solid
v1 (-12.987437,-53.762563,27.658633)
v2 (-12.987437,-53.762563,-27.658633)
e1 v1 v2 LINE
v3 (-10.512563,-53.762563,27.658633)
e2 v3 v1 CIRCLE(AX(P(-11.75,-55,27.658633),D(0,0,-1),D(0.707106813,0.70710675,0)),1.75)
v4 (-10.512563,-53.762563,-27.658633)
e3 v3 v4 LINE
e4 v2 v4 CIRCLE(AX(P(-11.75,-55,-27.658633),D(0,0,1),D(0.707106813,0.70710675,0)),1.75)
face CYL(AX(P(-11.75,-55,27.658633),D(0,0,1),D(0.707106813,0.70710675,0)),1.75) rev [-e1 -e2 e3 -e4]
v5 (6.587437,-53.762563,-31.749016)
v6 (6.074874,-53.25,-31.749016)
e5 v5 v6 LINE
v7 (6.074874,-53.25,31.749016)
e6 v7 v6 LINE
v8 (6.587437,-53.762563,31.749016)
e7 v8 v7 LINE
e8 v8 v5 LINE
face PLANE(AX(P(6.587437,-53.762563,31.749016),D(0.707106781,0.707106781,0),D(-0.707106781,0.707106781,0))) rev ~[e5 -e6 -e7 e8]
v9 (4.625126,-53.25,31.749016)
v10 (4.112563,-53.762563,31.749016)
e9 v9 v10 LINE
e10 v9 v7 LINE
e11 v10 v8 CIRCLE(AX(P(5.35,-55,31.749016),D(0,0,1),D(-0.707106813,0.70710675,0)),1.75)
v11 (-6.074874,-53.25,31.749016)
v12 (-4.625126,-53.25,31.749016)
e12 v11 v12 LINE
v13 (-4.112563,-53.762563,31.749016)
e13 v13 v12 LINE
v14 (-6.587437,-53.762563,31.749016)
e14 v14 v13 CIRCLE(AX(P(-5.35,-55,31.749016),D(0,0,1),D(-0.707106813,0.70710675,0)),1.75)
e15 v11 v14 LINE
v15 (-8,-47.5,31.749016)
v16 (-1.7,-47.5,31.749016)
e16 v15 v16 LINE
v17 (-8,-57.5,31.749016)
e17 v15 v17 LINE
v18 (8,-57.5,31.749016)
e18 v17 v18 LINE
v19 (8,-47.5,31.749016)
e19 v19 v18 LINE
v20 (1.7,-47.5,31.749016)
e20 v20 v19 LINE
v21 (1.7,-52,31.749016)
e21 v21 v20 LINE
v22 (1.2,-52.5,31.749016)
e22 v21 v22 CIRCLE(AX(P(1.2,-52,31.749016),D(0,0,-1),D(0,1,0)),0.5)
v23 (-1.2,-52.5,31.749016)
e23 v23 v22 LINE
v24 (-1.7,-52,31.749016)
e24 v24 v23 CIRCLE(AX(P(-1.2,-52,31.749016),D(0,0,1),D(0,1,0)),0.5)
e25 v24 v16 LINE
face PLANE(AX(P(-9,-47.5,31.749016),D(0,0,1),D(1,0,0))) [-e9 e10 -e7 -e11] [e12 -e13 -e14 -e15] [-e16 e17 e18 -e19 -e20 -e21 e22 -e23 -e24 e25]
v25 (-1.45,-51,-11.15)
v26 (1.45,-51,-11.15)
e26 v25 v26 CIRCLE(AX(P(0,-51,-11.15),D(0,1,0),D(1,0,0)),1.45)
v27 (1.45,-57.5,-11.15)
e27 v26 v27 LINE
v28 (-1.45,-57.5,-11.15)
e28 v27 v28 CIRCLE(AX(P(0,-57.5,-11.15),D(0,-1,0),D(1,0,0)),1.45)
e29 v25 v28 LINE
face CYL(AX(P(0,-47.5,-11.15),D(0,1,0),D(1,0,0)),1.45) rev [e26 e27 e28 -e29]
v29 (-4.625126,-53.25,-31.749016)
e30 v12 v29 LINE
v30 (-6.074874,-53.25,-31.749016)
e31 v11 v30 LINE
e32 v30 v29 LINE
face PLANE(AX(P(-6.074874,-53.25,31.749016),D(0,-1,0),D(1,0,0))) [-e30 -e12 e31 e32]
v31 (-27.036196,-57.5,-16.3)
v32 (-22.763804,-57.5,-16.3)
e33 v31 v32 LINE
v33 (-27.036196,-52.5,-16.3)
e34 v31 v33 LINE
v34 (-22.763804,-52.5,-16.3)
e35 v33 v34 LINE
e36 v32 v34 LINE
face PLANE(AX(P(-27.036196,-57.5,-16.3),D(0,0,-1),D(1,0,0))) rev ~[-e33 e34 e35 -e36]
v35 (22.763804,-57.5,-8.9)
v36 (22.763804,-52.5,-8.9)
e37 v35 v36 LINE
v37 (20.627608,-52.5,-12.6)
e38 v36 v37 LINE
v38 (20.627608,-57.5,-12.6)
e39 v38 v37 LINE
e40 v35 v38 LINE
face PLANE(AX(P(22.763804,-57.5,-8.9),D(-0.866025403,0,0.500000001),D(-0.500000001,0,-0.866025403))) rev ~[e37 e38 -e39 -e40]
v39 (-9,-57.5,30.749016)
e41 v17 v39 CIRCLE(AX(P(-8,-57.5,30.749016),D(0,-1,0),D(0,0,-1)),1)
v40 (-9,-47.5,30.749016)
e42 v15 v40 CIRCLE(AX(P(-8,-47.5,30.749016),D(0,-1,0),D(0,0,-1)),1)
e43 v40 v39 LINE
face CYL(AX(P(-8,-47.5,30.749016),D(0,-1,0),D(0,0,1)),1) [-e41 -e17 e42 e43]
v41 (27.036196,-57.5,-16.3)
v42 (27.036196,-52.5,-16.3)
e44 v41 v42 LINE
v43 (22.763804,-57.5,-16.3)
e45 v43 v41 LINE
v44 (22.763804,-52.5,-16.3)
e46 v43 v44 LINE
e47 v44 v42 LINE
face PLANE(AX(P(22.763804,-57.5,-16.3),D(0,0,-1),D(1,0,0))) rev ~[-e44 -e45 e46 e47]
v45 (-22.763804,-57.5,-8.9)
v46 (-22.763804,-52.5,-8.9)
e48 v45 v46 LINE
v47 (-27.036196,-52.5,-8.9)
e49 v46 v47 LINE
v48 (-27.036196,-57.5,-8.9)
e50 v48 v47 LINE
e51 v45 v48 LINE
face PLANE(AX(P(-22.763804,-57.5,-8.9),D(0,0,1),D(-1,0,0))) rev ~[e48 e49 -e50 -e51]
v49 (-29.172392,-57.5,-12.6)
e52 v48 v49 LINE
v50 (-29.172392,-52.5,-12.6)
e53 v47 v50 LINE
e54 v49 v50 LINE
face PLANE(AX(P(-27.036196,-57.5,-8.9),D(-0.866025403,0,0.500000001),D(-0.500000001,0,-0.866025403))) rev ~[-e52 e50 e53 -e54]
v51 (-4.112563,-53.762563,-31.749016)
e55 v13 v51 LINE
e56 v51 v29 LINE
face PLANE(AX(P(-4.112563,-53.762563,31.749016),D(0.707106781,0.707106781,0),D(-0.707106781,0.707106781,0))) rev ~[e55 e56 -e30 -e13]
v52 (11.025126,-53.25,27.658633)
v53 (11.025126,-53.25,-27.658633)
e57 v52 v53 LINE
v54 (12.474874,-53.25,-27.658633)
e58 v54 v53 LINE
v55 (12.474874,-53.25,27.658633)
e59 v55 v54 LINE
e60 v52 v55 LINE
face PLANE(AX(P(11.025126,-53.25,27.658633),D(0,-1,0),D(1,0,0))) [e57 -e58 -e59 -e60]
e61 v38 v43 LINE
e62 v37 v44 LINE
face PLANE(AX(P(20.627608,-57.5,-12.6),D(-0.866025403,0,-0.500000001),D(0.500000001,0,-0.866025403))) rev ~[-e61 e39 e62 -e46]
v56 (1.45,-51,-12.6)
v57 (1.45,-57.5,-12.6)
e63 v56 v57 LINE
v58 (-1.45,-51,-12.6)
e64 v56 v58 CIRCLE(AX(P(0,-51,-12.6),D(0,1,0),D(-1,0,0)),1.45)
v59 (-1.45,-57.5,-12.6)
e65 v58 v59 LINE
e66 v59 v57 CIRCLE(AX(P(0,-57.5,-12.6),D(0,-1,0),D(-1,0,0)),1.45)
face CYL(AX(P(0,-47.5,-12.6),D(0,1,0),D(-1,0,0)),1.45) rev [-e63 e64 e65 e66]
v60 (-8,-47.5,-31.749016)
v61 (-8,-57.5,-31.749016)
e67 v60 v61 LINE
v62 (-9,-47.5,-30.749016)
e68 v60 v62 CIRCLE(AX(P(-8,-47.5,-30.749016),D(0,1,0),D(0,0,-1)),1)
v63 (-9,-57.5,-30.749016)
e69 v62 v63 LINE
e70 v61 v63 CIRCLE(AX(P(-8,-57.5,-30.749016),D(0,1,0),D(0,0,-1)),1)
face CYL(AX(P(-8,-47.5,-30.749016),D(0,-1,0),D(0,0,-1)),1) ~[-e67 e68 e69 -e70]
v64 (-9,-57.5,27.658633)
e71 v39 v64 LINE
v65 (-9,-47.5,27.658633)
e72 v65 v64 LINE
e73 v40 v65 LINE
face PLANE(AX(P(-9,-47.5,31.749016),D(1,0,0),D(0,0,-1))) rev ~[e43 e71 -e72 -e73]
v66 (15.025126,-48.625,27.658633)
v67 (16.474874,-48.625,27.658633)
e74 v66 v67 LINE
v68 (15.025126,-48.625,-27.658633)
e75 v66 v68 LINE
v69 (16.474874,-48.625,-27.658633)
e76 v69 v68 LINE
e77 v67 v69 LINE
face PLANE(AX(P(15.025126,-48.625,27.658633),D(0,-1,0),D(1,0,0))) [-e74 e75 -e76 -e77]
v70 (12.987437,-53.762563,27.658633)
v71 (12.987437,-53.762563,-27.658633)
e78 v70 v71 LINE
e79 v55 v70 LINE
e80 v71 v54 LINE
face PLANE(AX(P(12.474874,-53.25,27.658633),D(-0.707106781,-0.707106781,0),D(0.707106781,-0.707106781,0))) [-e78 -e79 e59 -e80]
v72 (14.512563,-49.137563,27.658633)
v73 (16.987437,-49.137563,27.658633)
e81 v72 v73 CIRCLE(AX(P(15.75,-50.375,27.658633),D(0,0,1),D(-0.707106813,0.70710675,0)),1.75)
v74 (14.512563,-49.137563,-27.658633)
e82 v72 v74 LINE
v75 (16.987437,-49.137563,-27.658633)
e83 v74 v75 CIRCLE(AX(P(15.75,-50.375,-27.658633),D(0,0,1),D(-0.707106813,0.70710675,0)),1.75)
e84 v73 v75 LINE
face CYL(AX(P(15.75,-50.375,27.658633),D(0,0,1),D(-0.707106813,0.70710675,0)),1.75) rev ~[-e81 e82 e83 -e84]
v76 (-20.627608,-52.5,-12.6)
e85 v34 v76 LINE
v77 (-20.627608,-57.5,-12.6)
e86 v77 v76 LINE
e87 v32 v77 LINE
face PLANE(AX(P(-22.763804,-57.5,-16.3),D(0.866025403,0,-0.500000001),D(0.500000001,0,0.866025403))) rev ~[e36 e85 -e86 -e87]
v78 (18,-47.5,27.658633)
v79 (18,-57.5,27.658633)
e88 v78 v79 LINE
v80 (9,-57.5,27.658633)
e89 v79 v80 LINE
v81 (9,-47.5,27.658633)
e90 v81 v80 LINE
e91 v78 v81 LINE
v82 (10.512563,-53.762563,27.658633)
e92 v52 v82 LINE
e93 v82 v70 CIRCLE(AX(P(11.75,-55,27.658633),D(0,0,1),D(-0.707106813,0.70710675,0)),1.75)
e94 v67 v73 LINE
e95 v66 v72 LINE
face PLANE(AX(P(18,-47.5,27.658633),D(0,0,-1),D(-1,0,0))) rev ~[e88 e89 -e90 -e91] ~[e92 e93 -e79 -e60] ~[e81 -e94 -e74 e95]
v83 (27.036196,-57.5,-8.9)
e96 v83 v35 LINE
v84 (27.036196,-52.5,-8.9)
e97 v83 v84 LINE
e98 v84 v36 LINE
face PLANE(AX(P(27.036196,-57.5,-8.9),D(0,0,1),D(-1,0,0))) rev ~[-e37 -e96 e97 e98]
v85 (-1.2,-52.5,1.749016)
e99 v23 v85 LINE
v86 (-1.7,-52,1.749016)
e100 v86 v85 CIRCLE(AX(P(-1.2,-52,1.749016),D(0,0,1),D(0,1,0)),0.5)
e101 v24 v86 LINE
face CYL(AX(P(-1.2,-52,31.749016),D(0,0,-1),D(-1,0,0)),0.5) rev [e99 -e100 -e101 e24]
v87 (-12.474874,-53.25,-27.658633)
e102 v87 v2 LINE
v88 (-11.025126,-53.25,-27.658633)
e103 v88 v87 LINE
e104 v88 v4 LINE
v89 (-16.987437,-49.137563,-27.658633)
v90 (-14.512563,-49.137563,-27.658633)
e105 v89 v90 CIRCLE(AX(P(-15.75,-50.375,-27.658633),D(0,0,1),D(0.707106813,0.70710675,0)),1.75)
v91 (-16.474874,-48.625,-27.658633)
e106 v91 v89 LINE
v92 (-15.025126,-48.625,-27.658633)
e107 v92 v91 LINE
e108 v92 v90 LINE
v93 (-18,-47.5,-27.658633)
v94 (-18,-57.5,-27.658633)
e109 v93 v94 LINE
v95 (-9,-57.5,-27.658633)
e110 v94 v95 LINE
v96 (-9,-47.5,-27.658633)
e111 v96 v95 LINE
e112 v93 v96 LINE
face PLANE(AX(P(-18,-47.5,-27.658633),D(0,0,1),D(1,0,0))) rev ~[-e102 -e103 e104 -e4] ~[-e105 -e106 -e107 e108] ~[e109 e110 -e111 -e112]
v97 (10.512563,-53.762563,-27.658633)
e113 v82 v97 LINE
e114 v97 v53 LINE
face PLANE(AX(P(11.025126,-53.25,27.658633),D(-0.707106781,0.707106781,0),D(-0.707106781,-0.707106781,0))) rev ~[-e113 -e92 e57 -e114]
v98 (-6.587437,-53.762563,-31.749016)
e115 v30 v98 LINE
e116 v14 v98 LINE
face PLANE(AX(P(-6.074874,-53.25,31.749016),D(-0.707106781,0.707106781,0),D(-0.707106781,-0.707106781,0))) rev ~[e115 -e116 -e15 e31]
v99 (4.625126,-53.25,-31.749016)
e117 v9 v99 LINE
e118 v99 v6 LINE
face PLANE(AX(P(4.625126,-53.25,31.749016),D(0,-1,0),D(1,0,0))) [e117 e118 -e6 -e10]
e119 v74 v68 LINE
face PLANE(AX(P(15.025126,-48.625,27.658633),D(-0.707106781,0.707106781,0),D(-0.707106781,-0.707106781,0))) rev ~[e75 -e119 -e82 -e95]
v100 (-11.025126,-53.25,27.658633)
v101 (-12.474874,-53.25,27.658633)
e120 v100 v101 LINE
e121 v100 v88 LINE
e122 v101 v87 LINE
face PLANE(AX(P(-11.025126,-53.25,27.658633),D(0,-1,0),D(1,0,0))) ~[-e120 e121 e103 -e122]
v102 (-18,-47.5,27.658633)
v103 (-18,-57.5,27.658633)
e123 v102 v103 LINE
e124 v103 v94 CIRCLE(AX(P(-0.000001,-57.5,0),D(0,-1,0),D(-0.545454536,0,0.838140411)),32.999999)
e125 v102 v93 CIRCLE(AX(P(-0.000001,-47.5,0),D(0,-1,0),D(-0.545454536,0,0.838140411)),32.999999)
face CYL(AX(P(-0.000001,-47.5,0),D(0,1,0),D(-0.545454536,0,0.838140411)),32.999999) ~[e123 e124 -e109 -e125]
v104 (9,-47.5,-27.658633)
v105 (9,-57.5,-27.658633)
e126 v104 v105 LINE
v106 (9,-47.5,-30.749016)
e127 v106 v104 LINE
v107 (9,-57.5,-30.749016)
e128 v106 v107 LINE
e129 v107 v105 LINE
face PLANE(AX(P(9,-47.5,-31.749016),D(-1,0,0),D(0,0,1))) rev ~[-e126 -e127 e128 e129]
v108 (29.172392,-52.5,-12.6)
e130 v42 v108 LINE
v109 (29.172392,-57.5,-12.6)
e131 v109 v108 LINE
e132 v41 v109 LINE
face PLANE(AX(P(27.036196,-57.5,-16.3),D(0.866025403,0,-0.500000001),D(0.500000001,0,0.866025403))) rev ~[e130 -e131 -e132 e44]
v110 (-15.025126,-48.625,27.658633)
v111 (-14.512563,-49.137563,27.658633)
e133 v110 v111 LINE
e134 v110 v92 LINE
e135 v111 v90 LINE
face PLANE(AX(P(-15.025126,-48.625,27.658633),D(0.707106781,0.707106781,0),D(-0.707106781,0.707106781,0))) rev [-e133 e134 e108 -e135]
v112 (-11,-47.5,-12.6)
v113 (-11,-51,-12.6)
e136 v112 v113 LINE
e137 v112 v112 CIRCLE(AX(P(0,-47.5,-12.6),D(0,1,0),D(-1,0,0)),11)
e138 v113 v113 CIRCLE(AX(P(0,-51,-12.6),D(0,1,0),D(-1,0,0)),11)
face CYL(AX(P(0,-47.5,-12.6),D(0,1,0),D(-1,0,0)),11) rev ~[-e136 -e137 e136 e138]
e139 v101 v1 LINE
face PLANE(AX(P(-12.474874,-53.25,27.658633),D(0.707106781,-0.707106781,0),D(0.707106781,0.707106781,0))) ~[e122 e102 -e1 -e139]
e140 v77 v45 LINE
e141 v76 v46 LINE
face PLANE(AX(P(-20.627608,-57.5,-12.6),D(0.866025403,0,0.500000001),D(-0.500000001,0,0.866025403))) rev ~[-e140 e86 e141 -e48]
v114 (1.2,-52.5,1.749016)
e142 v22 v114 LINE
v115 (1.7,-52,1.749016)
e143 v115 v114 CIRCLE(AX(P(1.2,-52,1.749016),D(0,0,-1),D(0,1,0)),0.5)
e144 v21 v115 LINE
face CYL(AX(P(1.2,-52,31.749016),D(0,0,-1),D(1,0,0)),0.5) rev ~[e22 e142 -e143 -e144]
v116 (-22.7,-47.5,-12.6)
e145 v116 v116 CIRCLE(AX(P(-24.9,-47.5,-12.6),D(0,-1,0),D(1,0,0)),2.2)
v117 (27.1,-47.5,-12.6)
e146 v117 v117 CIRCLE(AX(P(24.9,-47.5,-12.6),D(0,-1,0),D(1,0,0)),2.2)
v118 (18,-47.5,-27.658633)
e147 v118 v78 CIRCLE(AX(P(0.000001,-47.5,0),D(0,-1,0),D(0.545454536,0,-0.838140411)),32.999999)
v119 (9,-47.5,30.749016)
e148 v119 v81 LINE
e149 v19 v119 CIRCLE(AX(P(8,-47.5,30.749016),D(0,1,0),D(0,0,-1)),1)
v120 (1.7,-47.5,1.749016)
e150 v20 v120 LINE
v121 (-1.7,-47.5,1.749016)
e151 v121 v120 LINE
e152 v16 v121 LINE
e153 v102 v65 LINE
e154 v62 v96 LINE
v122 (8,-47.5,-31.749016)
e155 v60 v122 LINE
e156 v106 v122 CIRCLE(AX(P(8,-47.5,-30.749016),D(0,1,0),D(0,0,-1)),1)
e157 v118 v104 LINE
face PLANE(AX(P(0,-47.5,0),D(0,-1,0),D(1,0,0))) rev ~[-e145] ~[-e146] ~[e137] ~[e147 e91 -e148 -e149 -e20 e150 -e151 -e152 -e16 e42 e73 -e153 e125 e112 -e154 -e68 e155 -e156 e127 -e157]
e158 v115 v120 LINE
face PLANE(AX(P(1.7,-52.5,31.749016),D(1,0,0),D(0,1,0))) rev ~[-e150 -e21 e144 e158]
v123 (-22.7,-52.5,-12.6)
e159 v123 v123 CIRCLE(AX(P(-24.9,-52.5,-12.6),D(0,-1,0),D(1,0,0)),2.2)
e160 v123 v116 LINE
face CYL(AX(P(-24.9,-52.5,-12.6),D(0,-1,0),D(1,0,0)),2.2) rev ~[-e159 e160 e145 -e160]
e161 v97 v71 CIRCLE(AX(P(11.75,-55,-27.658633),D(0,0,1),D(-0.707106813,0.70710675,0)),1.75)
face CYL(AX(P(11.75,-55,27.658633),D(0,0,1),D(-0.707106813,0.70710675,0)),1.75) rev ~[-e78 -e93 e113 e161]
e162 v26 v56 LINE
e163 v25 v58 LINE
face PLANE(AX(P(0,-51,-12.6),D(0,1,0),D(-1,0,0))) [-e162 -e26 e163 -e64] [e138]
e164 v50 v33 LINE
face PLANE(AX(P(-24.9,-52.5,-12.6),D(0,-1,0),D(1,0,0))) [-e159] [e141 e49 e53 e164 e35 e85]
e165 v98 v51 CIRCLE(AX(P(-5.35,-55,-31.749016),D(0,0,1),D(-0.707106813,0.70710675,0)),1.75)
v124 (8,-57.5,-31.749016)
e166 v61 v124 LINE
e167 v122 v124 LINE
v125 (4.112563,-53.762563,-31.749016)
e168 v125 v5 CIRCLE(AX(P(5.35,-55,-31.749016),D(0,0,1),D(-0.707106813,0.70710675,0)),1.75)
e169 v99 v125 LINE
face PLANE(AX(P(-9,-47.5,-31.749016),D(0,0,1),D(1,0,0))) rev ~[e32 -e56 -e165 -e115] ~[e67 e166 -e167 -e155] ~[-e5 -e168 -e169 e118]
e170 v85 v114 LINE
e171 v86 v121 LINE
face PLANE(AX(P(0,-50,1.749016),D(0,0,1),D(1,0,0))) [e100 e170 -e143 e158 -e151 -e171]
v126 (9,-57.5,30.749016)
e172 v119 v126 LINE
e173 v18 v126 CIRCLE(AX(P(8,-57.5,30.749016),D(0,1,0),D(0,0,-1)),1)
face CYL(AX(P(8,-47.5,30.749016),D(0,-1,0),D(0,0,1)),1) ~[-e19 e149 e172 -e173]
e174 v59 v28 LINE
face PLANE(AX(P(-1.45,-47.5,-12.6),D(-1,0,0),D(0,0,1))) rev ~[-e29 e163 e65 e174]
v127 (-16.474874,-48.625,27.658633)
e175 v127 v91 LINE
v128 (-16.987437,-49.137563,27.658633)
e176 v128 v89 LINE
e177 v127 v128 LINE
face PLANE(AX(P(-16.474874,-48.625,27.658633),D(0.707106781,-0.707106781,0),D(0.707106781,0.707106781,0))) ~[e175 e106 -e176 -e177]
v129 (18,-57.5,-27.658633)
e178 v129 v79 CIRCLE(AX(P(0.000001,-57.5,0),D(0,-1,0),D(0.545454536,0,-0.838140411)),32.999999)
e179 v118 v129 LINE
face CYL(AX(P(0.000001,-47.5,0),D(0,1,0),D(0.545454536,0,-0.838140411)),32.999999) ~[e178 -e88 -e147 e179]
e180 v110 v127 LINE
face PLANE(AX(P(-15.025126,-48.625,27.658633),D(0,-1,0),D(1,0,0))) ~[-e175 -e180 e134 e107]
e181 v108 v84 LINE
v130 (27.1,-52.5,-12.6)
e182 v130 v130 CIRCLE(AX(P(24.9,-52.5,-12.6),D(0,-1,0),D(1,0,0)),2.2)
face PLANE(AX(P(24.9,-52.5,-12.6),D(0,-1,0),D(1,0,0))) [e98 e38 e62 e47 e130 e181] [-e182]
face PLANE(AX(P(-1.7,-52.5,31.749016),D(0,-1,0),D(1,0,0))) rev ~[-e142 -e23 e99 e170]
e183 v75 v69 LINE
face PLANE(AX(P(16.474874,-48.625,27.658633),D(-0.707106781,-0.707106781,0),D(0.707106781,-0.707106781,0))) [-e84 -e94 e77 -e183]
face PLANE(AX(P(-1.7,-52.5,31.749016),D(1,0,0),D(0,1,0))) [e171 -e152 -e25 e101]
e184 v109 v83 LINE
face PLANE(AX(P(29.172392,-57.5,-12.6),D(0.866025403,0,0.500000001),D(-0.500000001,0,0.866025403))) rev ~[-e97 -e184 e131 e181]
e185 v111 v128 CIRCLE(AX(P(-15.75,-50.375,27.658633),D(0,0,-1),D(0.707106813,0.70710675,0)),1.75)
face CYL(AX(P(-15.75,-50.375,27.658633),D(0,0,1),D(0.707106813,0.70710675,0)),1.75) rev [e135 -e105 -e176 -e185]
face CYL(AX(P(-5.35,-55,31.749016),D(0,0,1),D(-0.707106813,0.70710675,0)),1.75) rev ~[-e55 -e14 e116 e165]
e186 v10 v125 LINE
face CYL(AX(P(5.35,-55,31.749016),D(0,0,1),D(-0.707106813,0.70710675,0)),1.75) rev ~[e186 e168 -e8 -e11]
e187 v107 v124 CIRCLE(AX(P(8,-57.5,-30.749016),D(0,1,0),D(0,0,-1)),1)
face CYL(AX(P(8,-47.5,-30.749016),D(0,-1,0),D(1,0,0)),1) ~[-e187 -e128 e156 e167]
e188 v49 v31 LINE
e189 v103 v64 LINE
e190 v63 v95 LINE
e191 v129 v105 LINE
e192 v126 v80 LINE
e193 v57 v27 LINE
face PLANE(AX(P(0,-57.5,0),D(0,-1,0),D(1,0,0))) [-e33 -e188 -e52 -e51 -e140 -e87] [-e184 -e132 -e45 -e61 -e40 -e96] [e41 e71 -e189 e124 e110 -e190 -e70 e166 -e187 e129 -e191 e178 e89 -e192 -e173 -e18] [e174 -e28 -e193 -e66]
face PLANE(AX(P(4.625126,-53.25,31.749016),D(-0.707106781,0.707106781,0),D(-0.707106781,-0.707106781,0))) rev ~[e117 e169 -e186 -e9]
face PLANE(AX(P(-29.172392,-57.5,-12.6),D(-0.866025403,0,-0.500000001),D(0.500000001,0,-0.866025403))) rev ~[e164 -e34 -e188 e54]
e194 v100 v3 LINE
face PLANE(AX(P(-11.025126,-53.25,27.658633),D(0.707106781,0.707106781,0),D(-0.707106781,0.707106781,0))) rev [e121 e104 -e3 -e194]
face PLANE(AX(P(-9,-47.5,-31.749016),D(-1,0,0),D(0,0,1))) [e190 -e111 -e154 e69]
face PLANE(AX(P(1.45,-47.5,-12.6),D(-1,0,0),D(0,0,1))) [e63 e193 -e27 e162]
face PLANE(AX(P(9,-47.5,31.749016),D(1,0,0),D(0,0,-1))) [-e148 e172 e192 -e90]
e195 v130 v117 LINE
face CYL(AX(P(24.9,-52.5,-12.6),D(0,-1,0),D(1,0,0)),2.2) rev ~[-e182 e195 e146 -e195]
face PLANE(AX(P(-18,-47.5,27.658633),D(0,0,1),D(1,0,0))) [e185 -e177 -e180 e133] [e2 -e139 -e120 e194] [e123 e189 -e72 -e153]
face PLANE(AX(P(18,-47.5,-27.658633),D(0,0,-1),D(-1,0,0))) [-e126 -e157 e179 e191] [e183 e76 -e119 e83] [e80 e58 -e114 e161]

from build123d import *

# Parameters (mm, degrees)
PAD012_DEPTH    = 10
SKETCH027_W     = 3.4
SKETCH027_H     = 5
POCKET_DEPTH    = 30
POCKET012_DEPTH = 247.759716
SKETCH029_R     = 11
POCKET013_DEPTH = 3.5
POCKET014_DEPTH = 5
SKETCH031_R     = 2.2
POCKET015_DEPTH = 5.001
POCKET016_DEPTH = 243.669334
FILLET_R        = 0.5
FILLET001_R     = 1
FILLET002_R     = 1


with BuildPart() as part:
    # Sketch026 (on ShapeBinder) → Pad012 (new body)
    with BuildSketch(Plane.XZ.offset(47.5)):
        with BuildLine():
            ThreePointArc((18, -27.658633), (33, 0), (18, 27.658633))
            Line((18, 27.658633), (9, 27.658633))
            Line((9, 31.749016), (9, 27.658633))
            Line((-9, 31.749016), (9, 31.749016))
            Line((-9, 31.749016), (-9, 27.658633))
            Line((-18, 27.658633), (-9, 27.658633))
            ThreePointArc((-18, 27.658633), (-33, 0), (-18, -27.658633))
            Line((-18, -27.658633), (-9, -27.658633))
            Line((-9, -31.749016), (-9, -27.658633))
            Line((-9, -31.749016), (9, -31.749016))
            Line((9, -31.749016), (9, -27.658633))
            Line((18, -27.658633), (9, -27.658633))
        make_face()
        with BuildLine():
            ThreePointArc((-1.45, -12.6), (0, -14.05), (1.45, -12.6))
            Line((1.45, -12.6), (1.45, -11.15))
            ThreePointArc((1.45, -11.15), (0, -9.7), (-1.45, -11.15))
            Line((-1.45, -12.6), (-1.45, -11.15))
        make_face(mode=Mode.SUBTRACT)
    extrude(amount=PAD012_DEPTH)

    # Sketch027 (on Face4 of Pad012) → Pocket (cut)
    with BuildSketch(Plane(origin=(0, -4.5, 31.749016), x_dir=(1, 0, 0), z_dir=(0, 0, 1))):
        with Locations((0, -45.5)):
            Rectangle(SKETCH027_W, SKETCH027_H)
    extrude(amount=-POCKET_DEPTH, mode=Mode.SUBTRACT)

    # Sketch028 (on Face14 of Pocket) → Pocket012 (cut, through all)
    with BuildSketch(Plane(origin=(0, -4.5, 31.749016), x_dir=(1, 0, 0), z_dir=(0, 0, 1))):
        with BuildLine():
            Line((-6.074874, -48.75), (-4.625126, -48.75))
            Line((-4.112563, -49.262563), (-4.625126, -48.75))
            ThreePointArc((-6.587437, -49.262563), (-5.35, -52.25), (-4.112563, -49.262563))
            Line((-6.074874, -48.75), (-6.587437, -49.262563))
        make_face()
        with BuildLine():
            Line((4.625126, -48.75), (6.074874, -48.75))
            Line((6.587437, -49.262563), (6.074874, -48.75))
            ThreePointArc((4.112563, -49.262563), (5.35, -52.25), (6.587437, -49.262563))
            Line((4.625126, -48.75), (4.112563, -49.262563))
        make_face()
    extrude(amount=-POCKET012_DEPTH, mode=Mode.SUBTRACT)

    # Sketch029 (on Face4 of Pocket012) → Pocket013 (cut)
    with BuildSketch(Plane(origin=(0, -47.5, 0), x_dir=(-1, 0, 0), z_dir=(0, 1, 0))):
        with Locations((0, -12.6)):
            Circle(SKETCH029_R)
    extrude(amount=-POCKET013_DEPTH, mode=Mode.SUBTRACT)

    # Sketch030 (on Face5 of Pocket013) → Pocket014 (cut)
    with BuildSketch(Plane.XZ.offset(57.5)):
        Polygon((27.036196, -16.3), (29.172392, -12.6), (27.036196, -8.9), (22.763804, -8.9), (20.627608, -12.6), (22.763804, -16.3), align=None)
        Polygon((-22.763804, -16.3), (-20.627608, -12.6), (-22.763804, -8.9), (-27.036196, -8.9), (-29.172392, -12.6), (-27.036196, -16.3), align=None)
    extrude(amount=-POCKET014_DEPTH, mode=Mode.SUBTRACT)

    # Sketch031 (on Face46 of Pocket014) → Pocket015 (cut, through all)
    with BuildSketch(Plane.XZ.offset(52.5)):
        with Locations((24.9, -12.6)):
            Circle(SKETCH031_R)
        with Locations((-24.9, -12.6)):
            Circle(SKETCH031_R)
    extrude(amount=-POCKET015_DEPTH, mode=Mode.SUBTRACT)

    # Sketch032 (on Face3 of Pocket015) → Pocket016 (cut, through all)
    with BuildSketch(Plane(origin=(0, -4.5, 27.658633), x_dir=(1, 0, 0), z_dir=(0, 0, 1))):
        with BuildLine():
            Line((11.025126, -48.75), (12.474874, -48.75))
            Line((12.474874, -48.75), (12.987437, -49.262563))
            ThreePointArc((10.512563, -49.262563), (11.75, -52.25), (12.987437, -49.262563))
            Line((11.025126, -48.75), (10.512563, -49.262563))
        make_face()
        with BuildLine():
            Line((15.025126, -44.125), (16.474874, -44.125))
            Line((16.474874, -44.125), (16.987437, -44.637563))
            ThreePointArc((14.512563, -44.637563), (15.75, -47.625), (16.987437, -44.637563))
            Line((15.025126, -44.125), (14.512563, -44.637563))
        make_face()
    pocket016 = extrude(amount=-POCKET016_DEPTH, mode=Mode.SUBTRACT)

    # Mirrored: Pocket016 across Sketch032 V_Axis
    add(pocket016.mirror(Plane(origin=(0, -4.5, 27.658633), x_dir=(0, 0, 1), z_dir=(1, 0, 0))), mode=Mode.SUBTRACT)

    # Fillet
    fillet_edges = [part.edges().sort_by_distance(p)[0] for p in [
        (-1.7, -52.5, 16.749016),
        (1.7, -52.5, 16.749016),
    ]]
    fillet(fillet_edges, radius=FILLET_R)

    # Fillet001
    fillet001_edges = [part.edges().sort_by_distance(p)[0] for p in [
        (-9, -52.5, 31.749016),
        (9, -52.5, 31.749016),
    ]]
    fillet(fillet001_edges, radius=FILLET001_R)

    # Fillet002
    fillet002_edges = [part.edges().sort_by_distance(p)[0] for p in [
        (9, -52.5, -31.749016),
        (-9, -52.5, -31.749016),
    ]]
    fillet(fillet002_edges, radius=FILLET002_R)


solid = part.part
